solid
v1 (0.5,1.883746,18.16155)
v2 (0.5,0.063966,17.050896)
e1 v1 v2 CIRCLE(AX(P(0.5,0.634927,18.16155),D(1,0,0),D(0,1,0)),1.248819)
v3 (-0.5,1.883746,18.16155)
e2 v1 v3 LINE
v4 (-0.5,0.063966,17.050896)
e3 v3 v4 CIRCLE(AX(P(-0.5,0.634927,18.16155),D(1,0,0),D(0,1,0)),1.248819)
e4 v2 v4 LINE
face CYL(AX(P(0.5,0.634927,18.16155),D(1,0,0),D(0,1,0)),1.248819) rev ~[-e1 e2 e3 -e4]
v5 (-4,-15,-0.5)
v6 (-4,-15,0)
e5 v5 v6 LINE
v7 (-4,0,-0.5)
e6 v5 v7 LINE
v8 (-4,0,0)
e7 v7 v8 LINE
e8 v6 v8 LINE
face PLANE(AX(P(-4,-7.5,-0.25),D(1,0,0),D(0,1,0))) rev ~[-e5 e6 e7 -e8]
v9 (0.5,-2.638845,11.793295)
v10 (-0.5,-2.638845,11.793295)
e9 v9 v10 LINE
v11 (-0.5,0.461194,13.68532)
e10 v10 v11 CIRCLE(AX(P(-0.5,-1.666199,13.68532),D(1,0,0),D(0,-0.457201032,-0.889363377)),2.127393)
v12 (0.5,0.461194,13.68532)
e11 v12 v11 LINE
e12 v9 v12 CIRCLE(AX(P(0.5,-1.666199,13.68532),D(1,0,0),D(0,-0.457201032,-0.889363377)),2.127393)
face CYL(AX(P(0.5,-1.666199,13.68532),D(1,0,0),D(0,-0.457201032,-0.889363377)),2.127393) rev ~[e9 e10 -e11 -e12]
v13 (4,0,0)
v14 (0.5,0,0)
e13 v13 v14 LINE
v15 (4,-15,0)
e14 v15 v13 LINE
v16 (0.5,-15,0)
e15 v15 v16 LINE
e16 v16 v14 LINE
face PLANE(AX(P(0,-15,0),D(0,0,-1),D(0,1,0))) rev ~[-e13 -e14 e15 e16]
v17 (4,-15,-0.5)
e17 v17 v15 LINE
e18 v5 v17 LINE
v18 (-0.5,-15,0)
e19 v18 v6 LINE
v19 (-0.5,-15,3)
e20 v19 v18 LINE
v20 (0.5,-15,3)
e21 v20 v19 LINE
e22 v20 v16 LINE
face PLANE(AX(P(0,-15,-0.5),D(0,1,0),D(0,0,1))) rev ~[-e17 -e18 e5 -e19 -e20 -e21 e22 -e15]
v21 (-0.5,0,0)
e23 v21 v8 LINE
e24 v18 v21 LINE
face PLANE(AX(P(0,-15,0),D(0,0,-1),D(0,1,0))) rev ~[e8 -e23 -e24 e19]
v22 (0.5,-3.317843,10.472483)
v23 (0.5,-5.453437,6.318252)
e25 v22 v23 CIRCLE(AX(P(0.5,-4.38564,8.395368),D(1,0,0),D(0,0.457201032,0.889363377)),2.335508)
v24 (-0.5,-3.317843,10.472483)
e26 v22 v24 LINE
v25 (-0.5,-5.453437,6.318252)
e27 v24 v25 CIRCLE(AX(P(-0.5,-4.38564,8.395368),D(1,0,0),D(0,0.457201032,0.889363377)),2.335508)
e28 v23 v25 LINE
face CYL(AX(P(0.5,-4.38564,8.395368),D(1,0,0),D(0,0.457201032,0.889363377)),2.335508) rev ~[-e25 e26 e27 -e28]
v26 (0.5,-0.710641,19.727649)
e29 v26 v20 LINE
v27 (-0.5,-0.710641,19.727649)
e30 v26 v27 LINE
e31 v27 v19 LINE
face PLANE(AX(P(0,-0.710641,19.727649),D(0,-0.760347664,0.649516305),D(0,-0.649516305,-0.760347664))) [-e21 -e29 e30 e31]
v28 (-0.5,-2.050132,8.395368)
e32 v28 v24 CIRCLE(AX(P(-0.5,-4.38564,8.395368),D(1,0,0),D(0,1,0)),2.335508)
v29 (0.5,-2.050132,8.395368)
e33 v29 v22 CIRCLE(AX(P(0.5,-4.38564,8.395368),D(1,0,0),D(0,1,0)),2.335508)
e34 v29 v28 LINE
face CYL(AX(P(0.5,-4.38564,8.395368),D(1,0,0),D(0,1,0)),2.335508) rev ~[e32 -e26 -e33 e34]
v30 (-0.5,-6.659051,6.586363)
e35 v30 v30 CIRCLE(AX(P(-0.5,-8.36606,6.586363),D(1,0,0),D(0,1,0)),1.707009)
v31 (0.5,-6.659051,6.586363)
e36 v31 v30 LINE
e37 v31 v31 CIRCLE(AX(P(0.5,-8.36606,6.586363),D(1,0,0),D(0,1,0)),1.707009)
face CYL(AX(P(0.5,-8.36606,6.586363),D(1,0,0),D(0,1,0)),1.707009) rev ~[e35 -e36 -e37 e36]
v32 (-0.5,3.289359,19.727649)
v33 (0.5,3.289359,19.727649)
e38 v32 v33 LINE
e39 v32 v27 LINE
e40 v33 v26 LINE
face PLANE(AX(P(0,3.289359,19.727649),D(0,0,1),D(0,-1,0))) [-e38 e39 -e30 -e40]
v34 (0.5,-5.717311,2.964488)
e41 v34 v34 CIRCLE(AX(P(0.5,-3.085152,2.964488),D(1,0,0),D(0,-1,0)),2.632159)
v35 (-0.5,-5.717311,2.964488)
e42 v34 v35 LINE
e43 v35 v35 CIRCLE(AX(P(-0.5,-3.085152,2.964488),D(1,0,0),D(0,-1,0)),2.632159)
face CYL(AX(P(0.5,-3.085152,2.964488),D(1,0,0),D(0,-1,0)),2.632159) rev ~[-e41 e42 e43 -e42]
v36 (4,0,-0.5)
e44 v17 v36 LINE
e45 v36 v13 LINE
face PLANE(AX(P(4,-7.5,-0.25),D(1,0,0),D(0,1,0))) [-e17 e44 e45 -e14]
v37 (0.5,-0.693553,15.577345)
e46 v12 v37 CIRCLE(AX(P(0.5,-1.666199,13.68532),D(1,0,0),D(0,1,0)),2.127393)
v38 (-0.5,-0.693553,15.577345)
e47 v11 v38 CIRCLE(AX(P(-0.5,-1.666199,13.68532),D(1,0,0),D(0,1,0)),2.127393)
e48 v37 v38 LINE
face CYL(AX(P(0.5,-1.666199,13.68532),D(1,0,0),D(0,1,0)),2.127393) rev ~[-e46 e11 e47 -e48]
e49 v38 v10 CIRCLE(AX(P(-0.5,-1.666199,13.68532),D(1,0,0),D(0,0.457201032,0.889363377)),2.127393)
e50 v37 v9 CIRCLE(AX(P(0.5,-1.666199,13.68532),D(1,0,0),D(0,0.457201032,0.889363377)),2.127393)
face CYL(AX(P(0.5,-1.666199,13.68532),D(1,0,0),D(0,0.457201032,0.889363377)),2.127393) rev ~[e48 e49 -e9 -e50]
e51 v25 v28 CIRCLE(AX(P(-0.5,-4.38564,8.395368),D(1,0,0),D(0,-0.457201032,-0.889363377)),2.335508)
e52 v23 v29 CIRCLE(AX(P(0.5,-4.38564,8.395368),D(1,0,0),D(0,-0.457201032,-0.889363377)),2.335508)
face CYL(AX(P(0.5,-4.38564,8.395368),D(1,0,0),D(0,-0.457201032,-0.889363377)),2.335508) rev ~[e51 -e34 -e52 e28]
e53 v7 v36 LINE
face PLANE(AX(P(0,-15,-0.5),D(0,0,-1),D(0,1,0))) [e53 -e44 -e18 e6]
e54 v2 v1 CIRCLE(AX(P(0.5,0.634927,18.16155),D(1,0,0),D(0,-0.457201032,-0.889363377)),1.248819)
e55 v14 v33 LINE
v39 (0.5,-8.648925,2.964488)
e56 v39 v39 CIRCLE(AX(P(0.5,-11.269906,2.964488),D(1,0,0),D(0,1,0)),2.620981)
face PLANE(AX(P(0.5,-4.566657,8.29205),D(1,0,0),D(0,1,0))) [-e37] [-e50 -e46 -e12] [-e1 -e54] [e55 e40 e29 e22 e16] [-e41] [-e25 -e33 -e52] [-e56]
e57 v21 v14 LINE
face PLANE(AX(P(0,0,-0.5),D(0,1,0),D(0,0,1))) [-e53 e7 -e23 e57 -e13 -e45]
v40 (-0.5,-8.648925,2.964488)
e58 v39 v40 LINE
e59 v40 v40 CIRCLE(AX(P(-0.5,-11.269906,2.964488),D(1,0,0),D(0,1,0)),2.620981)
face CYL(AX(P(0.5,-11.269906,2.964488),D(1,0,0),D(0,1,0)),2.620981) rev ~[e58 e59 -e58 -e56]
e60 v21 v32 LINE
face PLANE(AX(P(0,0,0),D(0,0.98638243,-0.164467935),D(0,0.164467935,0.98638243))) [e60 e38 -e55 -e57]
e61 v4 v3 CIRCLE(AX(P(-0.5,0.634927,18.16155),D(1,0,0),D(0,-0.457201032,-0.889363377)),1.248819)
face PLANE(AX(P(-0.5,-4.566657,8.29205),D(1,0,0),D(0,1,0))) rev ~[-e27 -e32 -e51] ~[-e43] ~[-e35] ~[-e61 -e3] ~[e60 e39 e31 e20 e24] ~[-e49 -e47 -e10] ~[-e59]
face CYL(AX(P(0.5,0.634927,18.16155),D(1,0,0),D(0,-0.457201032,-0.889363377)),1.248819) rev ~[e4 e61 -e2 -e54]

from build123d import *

# Parameters (mm, degrees)
F1_DEPTH = 0.5
F2_W     = 15
F2_H     = 0.5
F3_DEPTH = 4
F4_R     = 2.6209807332
F5_DEPTH = 25
F6_R     = 1.7070089516
F7_DEPTH = 25


with BuildPart() as f1:
    # F0 (on Right) → F1 (new body, symmetric)
    with BuildSketch(Plane.YZ):
        Polygon((-15, 0), (0, 0), (3.2893587091, 19.7276485999), (-0.7106412909, 19.7276485999), (-15, 3), align=None)
    extrude(amount=F1_DEPTH, both=True)

    # F2 (on Right) → F3 (join, symmetric)
    with BuildSketch(Plane.YZ):
        with Locations((-7.5, -0.25)):
            Rectangle(F2_W, F2_H)
    extrude(amount=F3_DEPTH, both=True)

    # F4 (on face) → F5 (cut)
    with BuildSketch(Plane.YZ.offset(0.5)):
        with BuildLine():
            ThreePointArc((-0.4529937069, 2.964487765), (-3.0851524789, 5.5966465369), (-5.7173112508, 2.964487765))
            ThreePointArc((-5.7173112508, 2.964487765), (-3.0851524789, 0.332328993), (-0.4529937069, 2.964487765))
        make_face()
        with Locations((-11.2699056044, 2.964487765)):
            Circle(F4_R)
        with BuildLine():
            Line((-3.3178431468, 10.4724832487), (-5.453436658, 6.3182523414))
            ThreePointArc((-5.453436658, 6.3182523414), (-3.16893319, 6.4018223867), (-2.0501317095, 8.395367795))
            ThreePointArc((-2.0501317095, 8.395367795), (-2.392094494, 9.6120745074), (-3.3178431468, 10.4724832487))
        make_face()
        with BuildLine():
            ThreePointArc((-3.3178431468, 10.4724832487), (-6.462755356, 9.4631645506), (-5.453436658, 6.3182523414))
            Line((-5.453436658, 6.3182523414), (-3.3178431468, 10.4724832487))
        make_face()
        with BuildLine():
            Line((-0.6935525003, 15.577344851), (-2.6388447391, 11.7932946093))
            ThreePointArc((-2.6388447391, 11.7932946093), (-0.5579118075, 11.8694177852), (0.4611940407, 13.6853197301))
            ThreePointArc((0.4611940407, 13.6853197301), (0.1497033252, 14.7936065423), (-0.6935525003, 15.577344851))
        make_face()
        with BuildLine():
            ThreePointArc((-0.6935525003, 15.577344851), (-3.5582237405, 14.6579658495), (-2.6388447391, 11.7932946093))
            Line((-2.6388447391, 11.7932946093), (-0.6935525003, 15.577344851))
        make_face()
        with BuildLine():
            ThreePointArc((1.8837464303, 18.1615501642), (-0.0156576164, 19.2275183887), (0.0639659937, 17.0508962192))
            ThreePointArc((0.0639659937, 17.0508962192), (1.285512338, 17.0955819397), (1.8837464303, 18.1615501642))
        make_face()
    extrude(amount=-F5_DEPTH, mode=Mode.SUBTRACT)

    # F6 (on face) → F7 (cut)
    with BuildSketch(Plane.YZ.offset(0.5)):
        with Locations((-8.3660604432, 6.5863626078)):
            Circle(F6_R)
    extrude(amount=-F7_DEPTH, mode=Mode.SUBTRACT)


solid = f1.part
